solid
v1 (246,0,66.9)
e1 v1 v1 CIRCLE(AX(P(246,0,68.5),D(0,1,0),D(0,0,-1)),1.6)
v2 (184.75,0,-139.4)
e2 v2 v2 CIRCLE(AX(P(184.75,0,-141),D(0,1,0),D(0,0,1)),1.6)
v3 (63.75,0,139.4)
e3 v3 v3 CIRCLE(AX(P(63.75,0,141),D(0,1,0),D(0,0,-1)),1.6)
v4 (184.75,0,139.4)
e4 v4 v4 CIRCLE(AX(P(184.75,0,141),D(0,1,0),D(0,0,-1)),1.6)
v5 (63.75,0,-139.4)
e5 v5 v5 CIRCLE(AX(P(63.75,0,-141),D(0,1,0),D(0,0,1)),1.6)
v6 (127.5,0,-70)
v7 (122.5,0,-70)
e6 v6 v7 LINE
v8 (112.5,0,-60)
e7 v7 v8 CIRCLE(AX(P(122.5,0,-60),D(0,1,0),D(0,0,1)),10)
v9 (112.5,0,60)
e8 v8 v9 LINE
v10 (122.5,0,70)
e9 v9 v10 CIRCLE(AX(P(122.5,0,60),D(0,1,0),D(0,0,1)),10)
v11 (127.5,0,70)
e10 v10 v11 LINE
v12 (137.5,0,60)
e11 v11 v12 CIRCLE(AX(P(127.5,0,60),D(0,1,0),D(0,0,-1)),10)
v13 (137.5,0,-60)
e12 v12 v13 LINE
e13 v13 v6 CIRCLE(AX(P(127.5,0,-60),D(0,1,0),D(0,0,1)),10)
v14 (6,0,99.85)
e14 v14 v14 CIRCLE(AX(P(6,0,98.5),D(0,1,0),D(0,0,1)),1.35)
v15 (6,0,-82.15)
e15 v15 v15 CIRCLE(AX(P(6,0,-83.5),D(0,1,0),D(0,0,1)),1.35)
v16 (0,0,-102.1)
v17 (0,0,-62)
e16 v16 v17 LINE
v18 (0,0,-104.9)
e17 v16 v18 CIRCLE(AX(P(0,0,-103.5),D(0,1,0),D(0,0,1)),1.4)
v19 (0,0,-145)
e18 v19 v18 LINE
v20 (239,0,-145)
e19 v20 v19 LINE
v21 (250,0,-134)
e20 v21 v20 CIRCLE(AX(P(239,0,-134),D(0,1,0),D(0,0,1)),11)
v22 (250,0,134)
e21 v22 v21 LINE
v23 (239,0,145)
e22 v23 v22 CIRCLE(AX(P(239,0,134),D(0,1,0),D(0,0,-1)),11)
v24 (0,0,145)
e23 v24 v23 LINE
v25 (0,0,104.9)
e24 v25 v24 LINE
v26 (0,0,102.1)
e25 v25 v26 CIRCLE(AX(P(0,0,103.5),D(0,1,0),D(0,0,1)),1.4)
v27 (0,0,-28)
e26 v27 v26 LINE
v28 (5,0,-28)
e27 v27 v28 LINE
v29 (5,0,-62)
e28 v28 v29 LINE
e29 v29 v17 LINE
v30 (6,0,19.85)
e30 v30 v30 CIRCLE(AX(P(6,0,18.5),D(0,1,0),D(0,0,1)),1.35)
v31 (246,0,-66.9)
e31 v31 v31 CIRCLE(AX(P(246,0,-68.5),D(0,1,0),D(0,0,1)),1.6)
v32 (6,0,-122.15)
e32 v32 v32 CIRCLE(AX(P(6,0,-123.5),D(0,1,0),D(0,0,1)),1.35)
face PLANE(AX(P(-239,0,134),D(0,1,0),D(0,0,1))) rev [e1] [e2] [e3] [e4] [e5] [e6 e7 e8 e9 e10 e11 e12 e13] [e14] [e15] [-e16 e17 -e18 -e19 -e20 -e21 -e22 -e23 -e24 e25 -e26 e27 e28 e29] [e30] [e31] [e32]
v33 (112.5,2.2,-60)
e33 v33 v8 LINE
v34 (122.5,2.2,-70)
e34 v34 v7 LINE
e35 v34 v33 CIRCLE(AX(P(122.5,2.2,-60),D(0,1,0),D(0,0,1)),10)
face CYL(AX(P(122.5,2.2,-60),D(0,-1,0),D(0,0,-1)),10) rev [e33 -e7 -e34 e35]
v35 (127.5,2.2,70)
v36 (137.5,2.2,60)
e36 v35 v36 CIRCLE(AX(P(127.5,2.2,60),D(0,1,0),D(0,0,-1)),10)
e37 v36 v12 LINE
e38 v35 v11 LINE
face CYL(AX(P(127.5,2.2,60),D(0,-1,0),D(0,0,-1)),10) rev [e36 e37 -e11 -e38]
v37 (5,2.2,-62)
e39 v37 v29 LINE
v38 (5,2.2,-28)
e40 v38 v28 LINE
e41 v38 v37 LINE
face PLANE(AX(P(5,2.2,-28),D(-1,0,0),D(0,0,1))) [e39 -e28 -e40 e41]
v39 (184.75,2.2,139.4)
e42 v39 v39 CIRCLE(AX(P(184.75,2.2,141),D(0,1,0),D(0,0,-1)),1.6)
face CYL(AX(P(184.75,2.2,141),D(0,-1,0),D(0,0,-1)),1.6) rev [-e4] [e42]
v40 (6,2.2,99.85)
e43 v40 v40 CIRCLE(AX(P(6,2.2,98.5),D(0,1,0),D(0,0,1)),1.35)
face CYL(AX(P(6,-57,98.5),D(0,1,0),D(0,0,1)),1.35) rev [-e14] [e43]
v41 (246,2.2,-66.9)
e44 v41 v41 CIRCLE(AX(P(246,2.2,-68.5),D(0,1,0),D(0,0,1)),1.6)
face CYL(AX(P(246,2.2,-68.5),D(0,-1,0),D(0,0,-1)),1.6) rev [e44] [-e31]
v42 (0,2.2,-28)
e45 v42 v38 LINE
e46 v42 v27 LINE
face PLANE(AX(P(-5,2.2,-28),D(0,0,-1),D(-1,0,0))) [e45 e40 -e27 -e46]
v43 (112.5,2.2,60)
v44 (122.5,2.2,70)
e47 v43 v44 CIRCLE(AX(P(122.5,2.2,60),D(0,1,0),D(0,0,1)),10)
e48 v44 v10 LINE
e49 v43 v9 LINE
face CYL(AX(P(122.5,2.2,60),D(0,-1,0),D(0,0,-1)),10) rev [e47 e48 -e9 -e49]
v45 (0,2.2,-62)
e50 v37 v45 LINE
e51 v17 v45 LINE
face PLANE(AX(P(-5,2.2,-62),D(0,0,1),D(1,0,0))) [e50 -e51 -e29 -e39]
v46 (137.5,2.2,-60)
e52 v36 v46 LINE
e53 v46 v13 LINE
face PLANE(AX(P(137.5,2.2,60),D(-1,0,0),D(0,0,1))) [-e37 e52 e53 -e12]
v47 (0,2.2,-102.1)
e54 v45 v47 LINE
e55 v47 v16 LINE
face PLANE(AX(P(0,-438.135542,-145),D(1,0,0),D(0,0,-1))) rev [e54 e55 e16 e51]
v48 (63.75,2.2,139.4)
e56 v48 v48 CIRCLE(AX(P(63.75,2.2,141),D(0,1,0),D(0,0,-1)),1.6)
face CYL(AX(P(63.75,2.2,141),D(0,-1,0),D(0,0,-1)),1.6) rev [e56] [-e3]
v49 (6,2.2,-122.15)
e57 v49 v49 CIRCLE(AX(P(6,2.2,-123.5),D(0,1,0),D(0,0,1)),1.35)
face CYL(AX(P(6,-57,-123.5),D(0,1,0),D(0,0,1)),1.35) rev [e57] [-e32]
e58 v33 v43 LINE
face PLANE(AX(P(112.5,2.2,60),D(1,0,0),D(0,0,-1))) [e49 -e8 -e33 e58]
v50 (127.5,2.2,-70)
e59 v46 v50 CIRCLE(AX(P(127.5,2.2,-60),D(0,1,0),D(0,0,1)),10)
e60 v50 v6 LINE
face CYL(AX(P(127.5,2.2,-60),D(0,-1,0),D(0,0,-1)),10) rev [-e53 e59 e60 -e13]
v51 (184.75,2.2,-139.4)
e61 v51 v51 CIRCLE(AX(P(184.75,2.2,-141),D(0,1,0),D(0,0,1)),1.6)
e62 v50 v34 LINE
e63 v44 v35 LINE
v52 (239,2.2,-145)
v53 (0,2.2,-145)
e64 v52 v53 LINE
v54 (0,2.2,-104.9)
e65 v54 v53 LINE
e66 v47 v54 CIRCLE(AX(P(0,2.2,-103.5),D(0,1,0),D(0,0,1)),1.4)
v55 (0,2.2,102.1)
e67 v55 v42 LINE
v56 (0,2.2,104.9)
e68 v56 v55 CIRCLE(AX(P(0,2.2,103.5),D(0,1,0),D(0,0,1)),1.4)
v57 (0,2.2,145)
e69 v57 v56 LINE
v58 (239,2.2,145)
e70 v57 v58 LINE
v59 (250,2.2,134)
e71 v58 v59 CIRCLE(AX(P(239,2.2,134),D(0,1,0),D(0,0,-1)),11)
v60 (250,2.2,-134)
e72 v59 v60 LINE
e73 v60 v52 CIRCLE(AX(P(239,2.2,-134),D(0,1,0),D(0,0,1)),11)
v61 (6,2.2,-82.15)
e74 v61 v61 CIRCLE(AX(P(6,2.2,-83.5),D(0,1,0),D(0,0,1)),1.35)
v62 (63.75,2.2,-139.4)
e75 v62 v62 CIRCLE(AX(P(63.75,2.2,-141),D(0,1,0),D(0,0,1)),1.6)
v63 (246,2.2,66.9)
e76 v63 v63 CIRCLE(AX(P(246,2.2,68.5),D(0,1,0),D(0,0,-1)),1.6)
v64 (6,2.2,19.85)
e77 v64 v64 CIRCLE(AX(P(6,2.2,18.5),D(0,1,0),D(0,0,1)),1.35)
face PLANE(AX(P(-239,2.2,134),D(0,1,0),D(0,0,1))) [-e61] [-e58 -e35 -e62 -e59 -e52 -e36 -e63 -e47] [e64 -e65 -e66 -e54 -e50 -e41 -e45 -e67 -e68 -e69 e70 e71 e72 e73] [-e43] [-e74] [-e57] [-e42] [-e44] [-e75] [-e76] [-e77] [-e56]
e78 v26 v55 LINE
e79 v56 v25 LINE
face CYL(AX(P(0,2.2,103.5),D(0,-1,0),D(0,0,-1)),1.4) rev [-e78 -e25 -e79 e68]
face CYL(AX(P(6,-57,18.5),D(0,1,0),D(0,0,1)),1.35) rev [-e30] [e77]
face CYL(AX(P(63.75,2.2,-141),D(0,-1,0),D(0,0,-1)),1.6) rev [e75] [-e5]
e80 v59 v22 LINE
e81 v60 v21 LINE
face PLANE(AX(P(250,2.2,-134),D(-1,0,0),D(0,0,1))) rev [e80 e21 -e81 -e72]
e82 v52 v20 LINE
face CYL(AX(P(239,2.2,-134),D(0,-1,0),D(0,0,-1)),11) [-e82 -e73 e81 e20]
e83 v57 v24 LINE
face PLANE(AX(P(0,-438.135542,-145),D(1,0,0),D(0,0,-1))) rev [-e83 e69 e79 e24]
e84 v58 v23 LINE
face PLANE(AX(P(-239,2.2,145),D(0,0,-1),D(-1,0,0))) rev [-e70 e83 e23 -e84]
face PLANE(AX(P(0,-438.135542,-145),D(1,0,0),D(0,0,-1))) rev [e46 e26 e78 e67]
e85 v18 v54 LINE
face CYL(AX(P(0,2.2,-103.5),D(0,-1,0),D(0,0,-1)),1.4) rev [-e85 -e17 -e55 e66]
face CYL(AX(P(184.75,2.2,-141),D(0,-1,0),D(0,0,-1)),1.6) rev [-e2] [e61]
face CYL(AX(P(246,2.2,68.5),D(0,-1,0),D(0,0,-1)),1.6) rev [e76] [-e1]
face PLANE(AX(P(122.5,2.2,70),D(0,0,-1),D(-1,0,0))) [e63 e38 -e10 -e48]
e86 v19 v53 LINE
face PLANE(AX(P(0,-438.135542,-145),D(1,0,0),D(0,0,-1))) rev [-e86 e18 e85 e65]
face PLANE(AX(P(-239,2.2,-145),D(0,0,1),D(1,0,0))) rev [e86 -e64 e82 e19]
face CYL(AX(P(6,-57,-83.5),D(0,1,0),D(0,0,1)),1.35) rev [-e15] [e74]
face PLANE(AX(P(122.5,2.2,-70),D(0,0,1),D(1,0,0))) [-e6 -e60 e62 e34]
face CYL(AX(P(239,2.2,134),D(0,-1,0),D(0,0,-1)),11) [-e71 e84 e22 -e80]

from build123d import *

# Parameters (mm, degrees)
SKETCH1_R           = 1.6
SKETCH1_R_2         = 1.4
SKETCH1_W           = 10
SKETCH1_H           = 34
BOSS_EXTRUDE1_DEPTH = 2.2
SKETCH2_R           = 1.35
CUT_EXTRUDE1_DEPTH  = 59.2
SKETCH4_W           = 292.714783979
SKETCH4_H           = 326.007375252
CUT_EXTRUDE2_DEPTH  = 2.2


with BuildPart() as part:
    # Sketch1 → Boss-Extrude1 (new body)
    with BuildSketch(Plane(origin=(0, 0, 0), x_dir=(1, 0, 0), z_dir=(0, 1, 0))):
        with BuildLine():
            Line((-239, 145), (239, 145))
            ThreePointArc((239, 145), (246.778174593, 141.778174593), (250, 134))
            Line((250, 134), (250, -134))
            ThreePointArc((250, -134), (246.778174593, -141.778174593), (239, -145))
            Line((239, -145), (-239, -145))
            ThreePointArc((-239, -145), (-246.778174593, -141.778174593), (-250, -134))
            Line((-250, -134), (-250, 134))
            ThreePointArc((-250, 134), (-246.778174593, 141.778174593), (-239, 145))
        make_face()
        with Locations(Location((63.75, 141, 0), (0, 0, 270))):
            Circle(SKETCH1_R, mode=Mode.SUBTRACT)
        with Locations(Location((184.75, 141, 0), (0, 0, 270))):
            Circle(SKETCH1_R, mode=Mode.SUBTRACT)
        with Locations(Location((246, 68.5, 0), (0, 0, 270))):
            Circle(SKETCH1_R, mode=Mode.SUBTRACT)
        with Locations(Location((0, 103.5, 0), (0, 0, 270))):
            Circle(SKETCH1_R_2, mode=Mode.SUBTRACT)
        with Locations(Location((0, -103.5, 0), (0, 0, 270))):
            Circle(SKETCH1_R_2, mode=Mode.SUBTRACT)
        with Locations(Location((-246, 68.5, 0), (0, 0, 90))):
            Circle(SKETCH1_R, mode=Mode.SUBTRACT)
        with Locations(Location((-184.75, 141, 0), (0, 0, 90))):
            Circle(SKETCH1_R, mode=Mode.SUBTRACT)
        with Locations(Location((-63.75, 141, 0), (0, 0, 90))):
            Circle(SKETCH1_R, mode=Mode.SUBTRACT)
        with Locations(Location((184.75, -141, 0), (0, 0, 90))):
            Circle(SKETCH1_R, mode=Mode.SUBTRACT)
        with Locations(Location((246, -68.5, 0), (0, 0, 90))):
            Circle(SKETCH1_R, mode=Mode.SUBTRACT)
        with Locations(Location((63.75, -141, 0), (0, 0, 90))):
            Circle(SKETCH1_R, mode=Mode.SUBTRACT)
        with Locations(Location((-63.75, -141, 0), (0, 0, 270))):
            Circle(SKETCH1_R, mode=Mode.SUBTRACT)
        with Locations(Location((-184.75, -141, 0), (0, 0, 270))):
            Circle(SKETCH1_R, mode=Mode.SUBTRACT)
        with Locations(Location((-246, -68.5, 0), (0, 0, 270))):
            Circle(SKETCH1_R, mode=Mode.SUBTRACT)
        with BuildLine():
            Line((-127.5, -70), (-122.5, -70))
            ThreePointArc((-122.5, -70), (-115.428932188, -67.071067812), (-112.5, -60))
            Line((-112.5, -60), (-112.5, 60))
            ThreePointArc((-112.5, 60), (-115.428932188, 67.071067812), (-122.5, 70))
            Line((-122.5, 70), (-127.5, 70))
            ThreePointArc((-127.5, 70), (-134.571067812, 67.071067812), (-137.5, 60))
            Line((-137.5, 60), (-137.5, -60))
            ThreePointArc((-137.5, -60), (-134.571067812, -67.071067812), (-127.5, -70))
        make_face(mode=Mode.SUBTRACT)
        with BuildLine():
            Line((122.5, -70), (127.5, -70))
            ThreePointArc((127.5, -70), (134.571067812, -67.071067812), (137.5, -60))
            Line((137.5, -60), (137.5, 60))
            ThreePointArc((137.5, 60), (134.571067812, 67.071067812), (127.5, 70))
            Line((127.5, 70), (122.5, 70))
            ThreePointArc((122.5, 70), (115.428932188, 67.071067812), (112.5, 60))
            Line((112.5, 60), (112.5, -60))
            ThreePointArc((112.5, -60), (115.428932188, -67.071067812), (122.5, -70))
        make_face(mode=Mode.SUBTRACT)
        with Locations((0, 45)):
            Rectangle(SKETCH1_W, SKETCH1_H, mode=Mode.SUBTRACT)
    extrude(amount=BOSS_EXTRUDE1_DEPTH)

    # Sketch2 → Cut-Extrude1 (cut)
    with BuildSketch(Plane(origin=(0, 2.2, 0), x_dir=(1, 0, 0), z_dir=(0, 1, 0))):
        with Locations(Location((-6, -18.5, 0), (0, 0, 270))):
            Circle(SKETCH2_R)
        with Locations(Location((6, -18.5, 0), (0, 0, 270))):
            Circle(SKETCH2_R)
        with Locations(Location((-6, -98.5, 0), (0, 0, 270))):
            Circle(SKETCH2_R)
        with Locations(Location((6, -98.5, 0), (0, 0, 270))):
            Circle(SKETCH2_R)
        with Locations(Location((-6, 123.5, 0), (0, 0, 270))):
            Circle(SKETCH2_R)
        with Locations(Location((6, 123.5, 0), (0, 0, 270))):
            Circle(SKETCH2_R)
        with Locations(Location((-6, 83.5, 0), (0, 0, 270))):
            Circle(SKETCH2_R)
        with Locations(Location((6, 83.5, 0), (0, 0, 270))):
            Circle(SKETCH2_R)
    extrude(amount=-CUT_EXTRUDE1_DEPTH, mode=Mode.SUBTRACT)

    # Sketch4 → Cut-Extrude2 (cut)
    with BuildSketch(Plane(origin=(0, 2.2, 0), x_dir=(1, 0, 0), z_dir=(0, 1, 0))):
        with Locations((-146.35739199, -18.003687626)):
            Rectangle(SKETCH4_W, SKETCH4_H)
    extrude(amount=-CUT_EXTRUDE2_DEPTH, mode=Mode.SUBTRACT)


solid = part.part
